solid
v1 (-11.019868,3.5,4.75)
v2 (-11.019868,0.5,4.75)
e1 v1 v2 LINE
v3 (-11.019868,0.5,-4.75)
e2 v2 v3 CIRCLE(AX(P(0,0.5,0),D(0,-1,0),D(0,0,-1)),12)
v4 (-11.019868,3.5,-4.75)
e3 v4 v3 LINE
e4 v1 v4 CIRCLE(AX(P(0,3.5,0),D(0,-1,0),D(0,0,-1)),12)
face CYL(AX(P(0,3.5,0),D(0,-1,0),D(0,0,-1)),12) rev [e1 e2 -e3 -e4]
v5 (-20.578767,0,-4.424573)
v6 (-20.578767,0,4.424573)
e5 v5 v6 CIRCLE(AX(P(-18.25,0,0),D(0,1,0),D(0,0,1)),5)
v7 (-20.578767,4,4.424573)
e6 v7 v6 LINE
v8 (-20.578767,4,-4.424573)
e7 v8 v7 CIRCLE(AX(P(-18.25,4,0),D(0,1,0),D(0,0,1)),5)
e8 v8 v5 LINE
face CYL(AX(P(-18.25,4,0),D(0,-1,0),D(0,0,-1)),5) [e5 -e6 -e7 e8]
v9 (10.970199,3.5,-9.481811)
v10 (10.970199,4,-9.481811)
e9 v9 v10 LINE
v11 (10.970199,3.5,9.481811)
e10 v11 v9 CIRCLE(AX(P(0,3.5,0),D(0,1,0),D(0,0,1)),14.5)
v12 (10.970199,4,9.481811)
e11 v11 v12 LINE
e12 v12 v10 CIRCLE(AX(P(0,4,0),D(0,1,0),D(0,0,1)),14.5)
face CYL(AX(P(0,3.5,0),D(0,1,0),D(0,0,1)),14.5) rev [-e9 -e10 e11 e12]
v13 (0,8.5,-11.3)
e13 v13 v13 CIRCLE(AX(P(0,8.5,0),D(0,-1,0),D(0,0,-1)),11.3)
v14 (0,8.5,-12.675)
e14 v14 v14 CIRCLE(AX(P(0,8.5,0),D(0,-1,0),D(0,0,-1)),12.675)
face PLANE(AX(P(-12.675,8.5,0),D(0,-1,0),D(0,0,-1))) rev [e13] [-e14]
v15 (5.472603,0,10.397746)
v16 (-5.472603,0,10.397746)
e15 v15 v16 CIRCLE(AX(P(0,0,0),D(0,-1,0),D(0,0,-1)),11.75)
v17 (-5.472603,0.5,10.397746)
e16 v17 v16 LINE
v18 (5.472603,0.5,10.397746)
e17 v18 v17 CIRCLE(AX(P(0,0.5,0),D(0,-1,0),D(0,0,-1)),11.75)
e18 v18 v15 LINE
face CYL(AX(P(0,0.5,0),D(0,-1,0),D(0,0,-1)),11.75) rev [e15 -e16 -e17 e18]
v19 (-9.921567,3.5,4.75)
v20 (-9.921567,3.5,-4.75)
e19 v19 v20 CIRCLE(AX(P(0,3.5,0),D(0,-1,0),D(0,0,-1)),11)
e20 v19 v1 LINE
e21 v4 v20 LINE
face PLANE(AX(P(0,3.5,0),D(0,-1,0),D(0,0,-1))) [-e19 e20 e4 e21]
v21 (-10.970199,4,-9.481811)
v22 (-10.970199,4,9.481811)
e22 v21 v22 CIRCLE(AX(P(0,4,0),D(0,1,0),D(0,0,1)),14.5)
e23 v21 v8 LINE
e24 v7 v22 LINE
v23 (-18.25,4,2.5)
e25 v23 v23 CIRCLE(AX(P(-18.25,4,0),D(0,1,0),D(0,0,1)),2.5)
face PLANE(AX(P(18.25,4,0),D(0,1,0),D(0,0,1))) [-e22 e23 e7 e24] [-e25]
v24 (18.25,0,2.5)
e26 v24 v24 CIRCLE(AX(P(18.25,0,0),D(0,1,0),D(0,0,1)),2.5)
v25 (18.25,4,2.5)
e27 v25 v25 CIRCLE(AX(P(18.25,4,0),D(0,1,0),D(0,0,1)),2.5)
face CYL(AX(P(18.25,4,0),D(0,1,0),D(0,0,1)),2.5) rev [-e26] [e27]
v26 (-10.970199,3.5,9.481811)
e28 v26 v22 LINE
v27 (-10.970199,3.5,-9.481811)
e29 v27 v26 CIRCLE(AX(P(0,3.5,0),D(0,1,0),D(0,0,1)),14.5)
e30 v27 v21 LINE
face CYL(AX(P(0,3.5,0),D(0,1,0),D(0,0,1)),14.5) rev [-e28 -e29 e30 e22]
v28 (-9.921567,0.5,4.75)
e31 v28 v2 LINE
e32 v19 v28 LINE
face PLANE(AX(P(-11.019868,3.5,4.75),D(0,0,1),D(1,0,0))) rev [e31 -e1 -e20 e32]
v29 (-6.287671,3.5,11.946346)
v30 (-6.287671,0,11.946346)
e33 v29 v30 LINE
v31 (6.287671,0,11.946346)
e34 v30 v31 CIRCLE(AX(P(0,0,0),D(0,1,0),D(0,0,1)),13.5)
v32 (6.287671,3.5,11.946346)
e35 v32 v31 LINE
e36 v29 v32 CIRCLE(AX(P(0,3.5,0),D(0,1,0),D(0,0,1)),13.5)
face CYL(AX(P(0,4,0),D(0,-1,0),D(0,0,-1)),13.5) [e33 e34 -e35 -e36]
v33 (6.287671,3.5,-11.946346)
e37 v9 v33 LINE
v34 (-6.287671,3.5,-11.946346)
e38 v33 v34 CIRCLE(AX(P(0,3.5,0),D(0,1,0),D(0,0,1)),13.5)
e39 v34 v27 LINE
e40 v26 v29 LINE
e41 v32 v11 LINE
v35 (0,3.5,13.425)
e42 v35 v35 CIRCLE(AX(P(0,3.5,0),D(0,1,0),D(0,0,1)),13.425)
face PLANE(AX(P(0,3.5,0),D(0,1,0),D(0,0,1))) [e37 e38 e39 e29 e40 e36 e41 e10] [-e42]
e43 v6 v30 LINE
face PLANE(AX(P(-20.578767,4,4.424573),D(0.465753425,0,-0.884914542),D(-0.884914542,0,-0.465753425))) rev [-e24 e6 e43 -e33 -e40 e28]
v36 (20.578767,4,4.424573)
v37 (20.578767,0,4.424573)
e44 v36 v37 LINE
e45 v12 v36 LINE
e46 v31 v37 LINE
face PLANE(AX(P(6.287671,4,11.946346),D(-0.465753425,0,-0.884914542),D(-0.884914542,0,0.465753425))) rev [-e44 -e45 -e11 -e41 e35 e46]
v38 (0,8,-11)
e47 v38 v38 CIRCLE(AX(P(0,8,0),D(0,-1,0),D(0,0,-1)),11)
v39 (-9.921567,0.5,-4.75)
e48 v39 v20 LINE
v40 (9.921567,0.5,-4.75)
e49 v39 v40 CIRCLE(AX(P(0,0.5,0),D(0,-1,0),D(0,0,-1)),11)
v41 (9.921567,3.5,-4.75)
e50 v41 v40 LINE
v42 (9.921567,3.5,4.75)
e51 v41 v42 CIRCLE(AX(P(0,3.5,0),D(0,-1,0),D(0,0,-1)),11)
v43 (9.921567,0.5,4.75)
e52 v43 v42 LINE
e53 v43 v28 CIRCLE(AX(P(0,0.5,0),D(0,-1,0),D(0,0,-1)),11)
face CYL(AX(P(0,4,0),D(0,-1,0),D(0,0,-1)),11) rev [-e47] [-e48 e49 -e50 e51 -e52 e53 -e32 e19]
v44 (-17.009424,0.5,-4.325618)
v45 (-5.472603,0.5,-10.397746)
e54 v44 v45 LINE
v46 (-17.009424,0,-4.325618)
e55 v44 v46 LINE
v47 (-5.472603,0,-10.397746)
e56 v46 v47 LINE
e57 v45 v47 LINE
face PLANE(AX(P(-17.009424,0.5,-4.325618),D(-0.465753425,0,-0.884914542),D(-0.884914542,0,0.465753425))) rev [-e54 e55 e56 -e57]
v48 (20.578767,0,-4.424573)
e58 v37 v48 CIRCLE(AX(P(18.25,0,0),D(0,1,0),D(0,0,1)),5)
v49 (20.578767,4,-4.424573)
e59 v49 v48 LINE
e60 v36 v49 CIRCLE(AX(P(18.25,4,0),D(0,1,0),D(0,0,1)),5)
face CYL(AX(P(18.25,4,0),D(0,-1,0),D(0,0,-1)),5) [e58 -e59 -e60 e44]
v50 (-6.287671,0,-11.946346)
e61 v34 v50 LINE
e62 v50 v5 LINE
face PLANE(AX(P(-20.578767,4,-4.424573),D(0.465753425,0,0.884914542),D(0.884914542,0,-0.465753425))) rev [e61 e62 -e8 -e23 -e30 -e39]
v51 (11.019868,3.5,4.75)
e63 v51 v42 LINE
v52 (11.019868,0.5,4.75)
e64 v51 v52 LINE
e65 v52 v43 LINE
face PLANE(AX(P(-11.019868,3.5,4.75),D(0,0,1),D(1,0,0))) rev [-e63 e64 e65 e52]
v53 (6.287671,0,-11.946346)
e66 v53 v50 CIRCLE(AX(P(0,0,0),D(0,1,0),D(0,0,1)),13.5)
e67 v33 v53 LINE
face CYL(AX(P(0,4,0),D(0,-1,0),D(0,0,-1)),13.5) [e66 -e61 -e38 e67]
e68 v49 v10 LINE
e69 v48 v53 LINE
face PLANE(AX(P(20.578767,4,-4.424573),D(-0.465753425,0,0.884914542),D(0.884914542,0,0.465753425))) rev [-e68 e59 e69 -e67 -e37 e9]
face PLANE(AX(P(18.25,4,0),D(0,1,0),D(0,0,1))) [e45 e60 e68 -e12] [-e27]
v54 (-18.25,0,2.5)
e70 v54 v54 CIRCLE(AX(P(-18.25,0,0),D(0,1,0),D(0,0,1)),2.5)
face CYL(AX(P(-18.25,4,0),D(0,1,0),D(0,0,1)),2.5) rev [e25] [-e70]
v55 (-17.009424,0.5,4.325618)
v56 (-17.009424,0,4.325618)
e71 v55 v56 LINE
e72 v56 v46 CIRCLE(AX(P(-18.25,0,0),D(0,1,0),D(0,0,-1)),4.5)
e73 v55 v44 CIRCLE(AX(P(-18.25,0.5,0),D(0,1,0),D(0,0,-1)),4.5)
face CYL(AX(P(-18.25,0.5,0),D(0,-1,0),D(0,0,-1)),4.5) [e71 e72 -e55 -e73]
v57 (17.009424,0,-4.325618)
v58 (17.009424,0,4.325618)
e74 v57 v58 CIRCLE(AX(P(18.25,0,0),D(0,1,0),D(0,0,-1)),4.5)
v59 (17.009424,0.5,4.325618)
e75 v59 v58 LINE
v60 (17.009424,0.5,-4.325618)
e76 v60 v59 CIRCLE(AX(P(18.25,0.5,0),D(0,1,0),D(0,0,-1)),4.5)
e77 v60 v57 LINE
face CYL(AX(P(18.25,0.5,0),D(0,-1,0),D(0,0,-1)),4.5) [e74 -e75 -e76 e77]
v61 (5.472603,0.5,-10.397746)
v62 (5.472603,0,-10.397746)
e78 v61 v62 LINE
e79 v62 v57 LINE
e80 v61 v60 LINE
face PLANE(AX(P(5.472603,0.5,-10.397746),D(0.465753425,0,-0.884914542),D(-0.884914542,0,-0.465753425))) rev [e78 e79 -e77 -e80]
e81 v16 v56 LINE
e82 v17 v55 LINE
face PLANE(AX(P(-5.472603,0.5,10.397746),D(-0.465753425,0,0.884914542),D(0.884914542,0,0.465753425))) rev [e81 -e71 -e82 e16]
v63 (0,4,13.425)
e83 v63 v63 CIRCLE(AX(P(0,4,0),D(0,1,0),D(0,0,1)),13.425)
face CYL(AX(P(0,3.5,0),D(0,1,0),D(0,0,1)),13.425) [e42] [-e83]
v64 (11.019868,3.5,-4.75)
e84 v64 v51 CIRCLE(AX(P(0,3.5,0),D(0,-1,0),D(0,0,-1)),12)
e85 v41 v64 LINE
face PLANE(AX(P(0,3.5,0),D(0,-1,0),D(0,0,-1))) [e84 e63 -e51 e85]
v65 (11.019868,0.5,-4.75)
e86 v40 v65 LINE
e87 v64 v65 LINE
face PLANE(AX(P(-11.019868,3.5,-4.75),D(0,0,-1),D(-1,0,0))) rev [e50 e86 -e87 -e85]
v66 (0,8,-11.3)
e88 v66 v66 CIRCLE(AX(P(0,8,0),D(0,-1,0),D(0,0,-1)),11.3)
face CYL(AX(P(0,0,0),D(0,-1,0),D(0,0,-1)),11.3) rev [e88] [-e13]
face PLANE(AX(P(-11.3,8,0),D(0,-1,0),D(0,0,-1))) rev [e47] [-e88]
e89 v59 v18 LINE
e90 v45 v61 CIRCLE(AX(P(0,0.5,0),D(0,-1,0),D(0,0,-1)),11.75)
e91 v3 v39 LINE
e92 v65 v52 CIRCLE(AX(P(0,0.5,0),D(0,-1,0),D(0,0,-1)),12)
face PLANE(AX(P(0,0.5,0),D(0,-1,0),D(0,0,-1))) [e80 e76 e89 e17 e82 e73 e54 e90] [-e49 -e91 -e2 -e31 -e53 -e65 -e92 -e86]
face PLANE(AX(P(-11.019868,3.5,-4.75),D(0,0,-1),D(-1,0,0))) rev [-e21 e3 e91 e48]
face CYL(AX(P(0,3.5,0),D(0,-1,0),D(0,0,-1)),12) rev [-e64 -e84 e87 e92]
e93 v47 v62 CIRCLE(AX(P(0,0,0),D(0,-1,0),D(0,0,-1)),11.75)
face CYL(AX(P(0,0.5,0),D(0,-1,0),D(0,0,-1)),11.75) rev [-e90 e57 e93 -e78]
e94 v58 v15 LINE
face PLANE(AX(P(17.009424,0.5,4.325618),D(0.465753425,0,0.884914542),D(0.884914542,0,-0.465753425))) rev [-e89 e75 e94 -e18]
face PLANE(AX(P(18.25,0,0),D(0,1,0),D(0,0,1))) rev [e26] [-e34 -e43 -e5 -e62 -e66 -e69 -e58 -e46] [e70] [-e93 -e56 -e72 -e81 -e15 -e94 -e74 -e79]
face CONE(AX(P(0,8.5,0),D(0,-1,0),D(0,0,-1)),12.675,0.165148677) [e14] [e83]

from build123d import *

# Parameters (mm, degrees)
SKETCH1_R              = 11
FLANGE_DEPTH           = 4
SKETCH3_R              = 13.425
TOP_RECESS_DEPTH       = 0.5
BOTTOM_RECESS_1_DEPTH  = 0.5
BOTTOM_RECESS_2_DEPTH  = 3
MOUNTING_HOLE_M5X0_8_D = 5


with BuildPart() as part:
    # Sketch1 → Flange (new body)
    with BuildSketch(Plane(origin=(0, 0, 0), x_dir=(1, 0, 0), z_dir=(0, 1, 0))):
        with BuildLine():
            Line((20.578767123, 4.424572712), (6.287671233, 11.946346323))
            ThreePointArc((6.287671233, 11.946346323), (0, 13.5), (-6.287671233, 11.946346323))
            Line((-6.287671233, 11.946346323), (-20.578767123, 4.424572712))
            ThreePointArc((-20.578767123, 4.424572712), (-23.25, 0), (-20.578767123, -4.424572712))
            Line((-20.578767123, -4.424572712), (-6.287671233, -11.946346323))
            ThreePointArc((-6.287671233, -11.946346323), (0, -13.5), (6.287671233, -11.946346323))
            Line((6.287671233, -11.946346323), (20.578767123, -4.424572712))
            ThreePointArc((20.578767123, -4.424572712), (23.25, 0), (20.578767123, 4.424572712))
        make_face()
        with Locations(Location((0, 0, 0), (0, 0, 270))):
            Circle(SKETCH1_R, mode=Mode.SUBTRACT)
    extrude(amount=FLANGE_DEPTH)

    # Sketch2 → Bearing Seat (revolve)
    with BuildSketch(Plane.XY, mode=Mode.PRIVATE) as bearing_seat_sk:
        Polygon((-13.425, 4), (-12.675, 8.5), (-11.3, 8.5), (-11.3, 8), (-11, 8), (-11, 4), align=None)
    revolve(bearing_seat_sk.sketch.rotate(Axis((0, 0, 0), (0, 1, 0)), 270), axis=Axis((0, 0, 0), (0, 1, 0)))

    # Sketch3 → Top Recess (cut)
    with BuildSketch(Plane(origin=(0, 4, 0), x_dir=(1, 0, 0), z_dir=(0, 1, 0))):
        with BuildLine():
            Line((10.970198855, 9.481810855), (6.287671233, 11.946346323))
            ThreePointArc((6.287671233, 11.946346323), (0, 13.5), (-6.287671233, 11.946346323))
            Line((-6.287671233, 11.946346323), (-10.970198855, 9.481810855))
            ThreePointArc((-10.970198855, 9.481810855), (-14.5, 0), (-10.970198855, -9.481810855))
            Line((-10.970198855, -9.481810855), (-6.287671233, -11.946346323))
            ThreePointArc((-6.287671233, -11.946346323), (0, -13.5), (6.287671233, -11.946346323))
            Line((6.287671233, -11.946346323), (10.970198855, -9.481810855))
            ThreePointArc((10.970198855, -9.481810855), (14.5, 0), (10.970198855, 9.481810855))
        make_face()
        with Locations(Location((0, 0, 0), (0, 0, 270))):
            Circle(SKETCH3_R, mode=Mode.SUBTRACT)
    extrude(amount=-TOP_RECESS_DEPTH, mode=Mode.SUBTRACT)

    # Sketch5 → Bottom Recess 1 (cut)
    with BuildSketch(Plane.XZ):
        with BuildLine():
            Line((17.009424329, 4.325618107), (5.47260274, 10.397745874))
            ThreePointArc((5.47260274, 10.397745874), (0, 11.75), (-5.47260274, 10.397745874))
            Line((-5.47260274, 10.397745874), (-17.009424329, 4.325618107))
            ThreePointArc((-17.009424329, 4.325618107), (-13.75, 0), (-17.009424329, -4.325618107))
            Line((-17.009424329, -4.325618107), (-5.47260274, -10.397745874))
            ThreePointArc((-5.47260274, -10.397745874), (0, -11.75), (5.47260274, -10.397745874))
            Line((5.47260274, -10.397745874), (17.009424329, -4.325618107))
            ThreePointArc((17.009424329, -4.325618107), (13.75, 0), (17.009424329, 4.325618107))
        make_face()
    extrude(amount=-BOTTOM_RECESS_1_DEPTH, mode=Mode.SUBTRACT)

    # Sketch6 → Bottom Recess 2 (cut)
    with BuildSketch(Plane.XZ.offset(-0.5)):
        with BuildLine():
            Line((-11.01986842, 4.75), (11.01986842, 4.75))
            ThreePointArc((11.01986842, 4.75), (12, 0), (11.01986842, -4.75))
            Line((11.01986842, -4.75), (-11.01986842, -4.75))
            ThreePointArc((-11.01986842, -4.75), (-12, 0), (-11.01986842, 4.75))
        make_face()
    extrude(amount=-BOTTOM_RECESS_2_DEPTH, mode=Mode.SUBTRACT)

    # Mounting Hole (M5x0.8) (through all)
    with Locations(Plane(origin=(0, 4, 0), x_dir=(1, 0, 0), z_dir=(0, 1, 0))):
        with Locations((18.25, 0), (-18.25, 0)):
            Hole(MOUNTING_HOLE_M5X0_8_D / 2)


solid = part.part
